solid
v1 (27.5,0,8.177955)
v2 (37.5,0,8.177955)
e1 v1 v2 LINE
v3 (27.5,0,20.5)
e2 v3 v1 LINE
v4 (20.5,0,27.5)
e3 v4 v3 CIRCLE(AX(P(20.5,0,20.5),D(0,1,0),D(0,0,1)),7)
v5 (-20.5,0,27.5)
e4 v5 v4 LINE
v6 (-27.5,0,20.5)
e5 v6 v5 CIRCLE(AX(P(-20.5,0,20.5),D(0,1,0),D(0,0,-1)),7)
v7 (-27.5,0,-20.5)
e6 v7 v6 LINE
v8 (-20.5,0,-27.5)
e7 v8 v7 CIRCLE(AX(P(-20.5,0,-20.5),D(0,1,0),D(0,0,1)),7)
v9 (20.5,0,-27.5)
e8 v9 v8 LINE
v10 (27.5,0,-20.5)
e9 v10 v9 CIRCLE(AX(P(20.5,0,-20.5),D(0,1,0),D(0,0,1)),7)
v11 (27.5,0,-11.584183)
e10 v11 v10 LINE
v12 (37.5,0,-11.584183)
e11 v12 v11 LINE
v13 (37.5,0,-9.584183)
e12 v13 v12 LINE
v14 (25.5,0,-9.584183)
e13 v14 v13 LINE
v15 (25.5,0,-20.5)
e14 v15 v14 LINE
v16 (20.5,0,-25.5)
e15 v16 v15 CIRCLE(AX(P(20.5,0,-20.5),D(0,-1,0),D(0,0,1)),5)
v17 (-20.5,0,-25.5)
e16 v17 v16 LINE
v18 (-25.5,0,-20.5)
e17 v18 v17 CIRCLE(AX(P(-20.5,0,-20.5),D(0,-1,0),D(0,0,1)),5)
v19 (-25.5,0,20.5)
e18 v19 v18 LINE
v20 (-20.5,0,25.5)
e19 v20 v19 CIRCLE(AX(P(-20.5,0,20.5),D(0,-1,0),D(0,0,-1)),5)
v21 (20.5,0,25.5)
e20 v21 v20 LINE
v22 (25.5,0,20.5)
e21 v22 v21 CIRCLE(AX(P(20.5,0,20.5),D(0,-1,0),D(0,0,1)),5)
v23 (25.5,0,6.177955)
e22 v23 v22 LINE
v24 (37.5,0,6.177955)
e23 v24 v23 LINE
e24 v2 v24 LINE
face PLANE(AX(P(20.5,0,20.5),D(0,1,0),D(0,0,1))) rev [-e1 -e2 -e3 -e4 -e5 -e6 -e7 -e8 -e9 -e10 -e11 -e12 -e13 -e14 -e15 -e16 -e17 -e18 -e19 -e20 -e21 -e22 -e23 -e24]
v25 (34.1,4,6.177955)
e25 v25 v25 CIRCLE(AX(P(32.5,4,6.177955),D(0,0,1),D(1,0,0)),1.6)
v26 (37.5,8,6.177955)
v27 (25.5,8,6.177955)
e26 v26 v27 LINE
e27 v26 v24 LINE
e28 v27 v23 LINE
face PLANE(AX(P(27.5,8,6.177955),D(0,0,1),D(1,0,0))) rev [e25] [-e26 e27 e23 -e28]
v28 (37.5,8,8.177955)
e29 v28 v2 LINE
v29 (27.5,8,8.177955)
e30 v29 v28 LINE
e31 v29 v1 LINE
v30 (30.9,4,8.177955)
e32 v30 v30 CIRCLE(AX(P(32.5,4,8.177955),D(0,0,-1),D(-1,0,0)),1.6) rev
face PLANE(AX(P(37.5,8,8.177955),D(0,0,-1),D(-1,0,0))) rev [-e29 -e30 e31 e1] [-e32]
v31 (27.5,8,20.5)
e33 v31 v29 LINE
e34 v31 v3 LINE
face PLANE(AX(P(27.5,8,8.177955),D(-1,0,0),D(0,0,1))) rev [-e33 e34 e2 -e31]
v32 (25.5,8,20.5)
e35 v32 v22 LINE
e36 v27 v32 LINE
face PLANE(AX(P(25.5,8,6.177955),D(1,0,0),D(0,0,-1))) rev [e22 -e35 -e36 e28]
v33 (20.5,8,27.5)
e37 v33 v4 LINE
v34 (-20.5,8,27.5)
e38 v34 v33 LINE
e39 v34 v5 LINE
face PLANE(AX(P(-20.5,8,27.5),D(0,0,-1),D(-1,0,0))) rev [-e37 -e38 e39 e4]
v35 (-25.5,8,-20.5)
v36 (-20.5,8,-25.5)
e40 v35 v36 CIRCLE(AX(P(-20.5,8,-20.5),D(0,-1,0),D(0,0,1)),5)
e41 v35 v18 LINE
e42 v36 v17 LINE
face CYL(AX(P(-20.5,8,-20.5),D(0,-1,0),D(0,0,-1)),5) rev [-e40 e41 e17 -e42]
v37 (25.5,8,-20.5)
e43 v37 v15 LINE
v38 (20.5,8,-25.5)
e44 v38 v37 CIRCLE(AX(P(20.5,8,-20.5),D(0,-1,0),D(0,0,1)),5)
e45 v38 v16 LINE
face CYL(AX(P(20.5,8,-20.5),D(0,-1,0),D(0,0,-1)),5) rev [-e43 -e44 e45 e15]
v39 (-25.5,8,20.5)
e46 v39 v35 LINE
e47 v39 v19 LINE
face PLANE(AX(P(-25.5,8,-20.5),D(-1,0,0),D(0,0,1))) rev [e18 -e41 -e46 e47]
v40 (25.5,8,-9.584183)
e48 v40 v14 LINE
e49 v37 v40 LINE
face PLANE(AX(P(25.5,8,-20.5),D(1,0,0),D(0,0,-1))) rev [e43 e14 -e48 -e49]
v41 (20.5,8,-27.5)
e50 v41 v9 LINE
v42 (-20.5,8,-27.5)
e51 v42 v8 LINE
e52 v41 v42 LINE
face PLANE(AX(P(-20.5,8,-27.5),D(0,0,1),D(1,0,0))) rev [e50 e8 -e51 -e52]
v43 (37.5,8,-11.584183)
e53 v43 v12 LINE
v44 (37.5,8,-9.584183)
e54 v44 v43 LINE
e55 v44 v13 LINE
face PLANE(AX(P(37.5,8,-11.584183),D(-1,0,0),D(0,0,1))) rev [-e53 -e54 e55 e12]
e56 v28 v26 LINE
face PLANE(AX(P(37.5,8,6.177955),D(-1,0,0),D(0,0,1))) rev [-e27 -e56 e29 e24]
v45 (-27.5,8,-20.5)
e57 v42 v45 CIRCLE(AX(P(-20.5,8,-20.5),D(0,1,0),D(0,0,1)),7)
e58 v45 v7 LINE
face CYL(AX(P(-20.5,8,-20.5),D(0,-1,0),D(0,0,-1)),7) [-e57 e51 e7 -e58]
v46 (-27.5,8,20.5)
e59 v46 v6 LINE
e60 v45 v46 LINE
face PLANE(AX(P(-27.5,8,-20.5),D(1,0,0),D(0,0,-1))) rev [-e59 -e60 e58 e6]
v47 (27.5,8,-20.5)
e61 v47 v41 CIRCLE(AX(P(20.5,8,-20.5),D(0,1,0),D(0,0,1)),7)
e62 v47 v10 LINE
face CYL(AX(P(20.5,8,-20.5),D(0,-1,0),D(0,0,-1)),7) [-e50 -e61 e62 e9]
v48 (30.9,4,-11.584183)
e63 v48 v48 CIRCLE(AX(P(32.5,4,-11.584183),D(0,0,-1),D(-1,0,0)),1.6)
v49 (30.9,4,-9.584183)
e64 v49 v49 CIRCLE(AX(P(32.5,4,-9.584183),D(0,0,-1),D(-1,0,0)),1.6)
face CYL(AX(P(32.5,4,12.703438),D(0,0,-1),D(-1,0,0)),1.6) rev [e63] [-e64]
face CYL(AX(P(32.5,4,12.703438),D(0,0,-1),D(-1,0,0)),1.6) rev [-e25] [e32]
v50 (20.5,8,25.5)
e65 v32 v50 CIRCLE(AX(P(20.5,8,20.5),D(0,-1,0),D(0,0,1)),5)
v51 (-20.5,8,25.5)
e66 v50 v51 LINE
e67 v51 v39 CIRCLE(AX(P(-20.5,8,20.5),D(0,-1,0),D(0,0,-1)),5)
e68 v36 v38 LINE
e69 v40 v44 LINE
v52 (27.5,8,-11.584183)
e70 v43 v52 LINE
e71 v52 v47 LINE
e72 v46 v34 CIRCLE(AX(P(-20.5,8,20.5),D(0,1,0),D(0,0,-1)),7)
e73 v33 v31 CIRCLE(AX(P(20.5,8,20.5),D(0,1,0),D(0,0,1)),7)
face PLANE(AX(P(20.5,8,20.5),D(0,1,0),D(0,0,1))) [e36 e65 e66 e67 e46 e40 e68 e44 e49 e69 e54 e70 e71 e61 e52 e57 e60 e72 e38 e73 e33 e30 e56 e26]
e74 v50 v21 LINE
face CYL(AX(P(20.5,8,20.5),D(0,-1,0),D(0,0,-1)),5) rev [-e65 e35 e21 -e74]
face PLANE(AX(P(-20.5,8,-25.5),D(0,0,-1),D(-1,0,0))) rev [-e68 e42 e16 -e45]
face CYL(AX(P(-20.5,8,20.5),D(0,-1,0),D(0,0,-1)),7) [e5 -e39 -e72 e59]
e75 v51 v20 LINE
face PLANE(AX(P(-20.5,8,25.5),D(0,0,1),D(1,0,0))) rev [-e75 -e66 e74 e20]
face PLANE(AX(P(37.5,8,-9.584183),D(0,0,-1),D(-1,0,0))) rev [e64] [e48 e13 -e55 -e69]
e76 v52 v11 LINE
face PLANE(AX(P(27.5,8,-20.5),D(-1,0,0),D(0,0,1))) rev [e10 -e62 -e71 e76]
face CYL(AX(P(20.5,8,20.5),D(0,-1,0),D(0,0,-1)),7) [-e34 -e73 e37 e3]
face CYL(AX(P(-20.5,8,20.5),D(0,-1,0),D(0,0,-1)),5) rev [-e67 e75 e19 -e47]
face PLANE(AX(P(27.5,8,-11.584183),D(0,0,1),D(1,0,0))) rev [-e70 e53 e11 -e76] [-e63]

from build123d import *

# Parameters (mm, degrees)
BOSS_EXTRUDE1_DEPTH = 8
SKETCH2_R           = 1.6
CUT_EXTRUDE1_DEPTH  = 37.084183


with BuildPart() as part:
    # Sketch1 → Boss-Extrude1 (new body)
    with BuildSketch(Plane(origin=(0, 0, 0), x_dir=(1, 0, 0), z_dir=(0, 1, 0))):
        with BuildLine():
            Line((-20.5, 27.5), (20.5, 27.5))
            ThreePointArc((20.5, 27.5), (25.449747468, 25.449747468), (27.5, 20.5))
            Line((27.5, 20.5), (27.5, 11.5841835))
            Line((27.5, 11.5841835), (37.5, 11.5841835))
            Line((37.5, 11.5841835), (37.5, 9.5841835))
            Line((37.5, 9.5841835), (27.5, 9.5841835))
            Line((27.5, 9.5841835), (25.5, 9.5841835))
            Line((25.5, 9.5841835), (25.5, 20.5))
            ThreePointArc((25.5, 20.5), (24.035533906, 24.035533906), (20.5, 25.5))
            Line((20.5, 25.5), (-20.5, 25.5))
            ThreePointArc((-20.5, 25.5), (-24.035533906, 24.035533906), (-25.5, 20.5))
            Line((-25.5, 20.5), (-25.5, -20.5))
            ThreePointArc((-25.5, -20.5), (-24.035533906, -24.035533906), (-20.5, -25.5))
            Line((-20.5, -25.5), (20.5, -25.5))
            ThreePointArc((20.5, -25.5), (24.035533906, -24.035533906), (25.5, -20.5))
            Line((25.5, -20.5), (25.5, -6.177954833))
            Line((25.5, -6.177954833), (27.5, -6.177954833))
            Line((27.5, -6.177954833), (37.5, -6.177954833))
            Line((37.5, -6.177954833), (37.5, -8.177954833))
            Line((37.5, -8.177954833), (27.5, -8.177954833))
            Line((27.5, -8.177954833), (27.5, -20.5))
            ThreePointArc((27.5, -20.5), (25.449747468, -25.449747468), (20.5, -27.5))
            Line((20.5, -27.5), (-20.5, -27.5))
            ThreePointArc((-20.5, -27.5), (-25.449747468, -25.449747468), (-27.5, -20.5))
            Line((-27.5, -20.5), (-27.5, 20.5))
            ThreePointArc((-27.5, 20.5), (-25.449747468, 25.449747468), (-20.5, 27.5))
        make_face()
    extrude(amount=BOSS_EXTRUDE1_DEPTH)

    # Sketch2 → Cut-Extrude1 (cut)
    with BuildSketch(Plane(origin=(0, 0, -11.5841835), x_dir=(-1, 0, 0), z_dir=(0, 0, -1))):
        with Locations((-32.5, 4)):
            Circle(SKETCH2_R)
    extrude(amount=-CUT_EXTRUDE1_DEPTH, mode=Mode.SUBTRACT)


solid = part.part
